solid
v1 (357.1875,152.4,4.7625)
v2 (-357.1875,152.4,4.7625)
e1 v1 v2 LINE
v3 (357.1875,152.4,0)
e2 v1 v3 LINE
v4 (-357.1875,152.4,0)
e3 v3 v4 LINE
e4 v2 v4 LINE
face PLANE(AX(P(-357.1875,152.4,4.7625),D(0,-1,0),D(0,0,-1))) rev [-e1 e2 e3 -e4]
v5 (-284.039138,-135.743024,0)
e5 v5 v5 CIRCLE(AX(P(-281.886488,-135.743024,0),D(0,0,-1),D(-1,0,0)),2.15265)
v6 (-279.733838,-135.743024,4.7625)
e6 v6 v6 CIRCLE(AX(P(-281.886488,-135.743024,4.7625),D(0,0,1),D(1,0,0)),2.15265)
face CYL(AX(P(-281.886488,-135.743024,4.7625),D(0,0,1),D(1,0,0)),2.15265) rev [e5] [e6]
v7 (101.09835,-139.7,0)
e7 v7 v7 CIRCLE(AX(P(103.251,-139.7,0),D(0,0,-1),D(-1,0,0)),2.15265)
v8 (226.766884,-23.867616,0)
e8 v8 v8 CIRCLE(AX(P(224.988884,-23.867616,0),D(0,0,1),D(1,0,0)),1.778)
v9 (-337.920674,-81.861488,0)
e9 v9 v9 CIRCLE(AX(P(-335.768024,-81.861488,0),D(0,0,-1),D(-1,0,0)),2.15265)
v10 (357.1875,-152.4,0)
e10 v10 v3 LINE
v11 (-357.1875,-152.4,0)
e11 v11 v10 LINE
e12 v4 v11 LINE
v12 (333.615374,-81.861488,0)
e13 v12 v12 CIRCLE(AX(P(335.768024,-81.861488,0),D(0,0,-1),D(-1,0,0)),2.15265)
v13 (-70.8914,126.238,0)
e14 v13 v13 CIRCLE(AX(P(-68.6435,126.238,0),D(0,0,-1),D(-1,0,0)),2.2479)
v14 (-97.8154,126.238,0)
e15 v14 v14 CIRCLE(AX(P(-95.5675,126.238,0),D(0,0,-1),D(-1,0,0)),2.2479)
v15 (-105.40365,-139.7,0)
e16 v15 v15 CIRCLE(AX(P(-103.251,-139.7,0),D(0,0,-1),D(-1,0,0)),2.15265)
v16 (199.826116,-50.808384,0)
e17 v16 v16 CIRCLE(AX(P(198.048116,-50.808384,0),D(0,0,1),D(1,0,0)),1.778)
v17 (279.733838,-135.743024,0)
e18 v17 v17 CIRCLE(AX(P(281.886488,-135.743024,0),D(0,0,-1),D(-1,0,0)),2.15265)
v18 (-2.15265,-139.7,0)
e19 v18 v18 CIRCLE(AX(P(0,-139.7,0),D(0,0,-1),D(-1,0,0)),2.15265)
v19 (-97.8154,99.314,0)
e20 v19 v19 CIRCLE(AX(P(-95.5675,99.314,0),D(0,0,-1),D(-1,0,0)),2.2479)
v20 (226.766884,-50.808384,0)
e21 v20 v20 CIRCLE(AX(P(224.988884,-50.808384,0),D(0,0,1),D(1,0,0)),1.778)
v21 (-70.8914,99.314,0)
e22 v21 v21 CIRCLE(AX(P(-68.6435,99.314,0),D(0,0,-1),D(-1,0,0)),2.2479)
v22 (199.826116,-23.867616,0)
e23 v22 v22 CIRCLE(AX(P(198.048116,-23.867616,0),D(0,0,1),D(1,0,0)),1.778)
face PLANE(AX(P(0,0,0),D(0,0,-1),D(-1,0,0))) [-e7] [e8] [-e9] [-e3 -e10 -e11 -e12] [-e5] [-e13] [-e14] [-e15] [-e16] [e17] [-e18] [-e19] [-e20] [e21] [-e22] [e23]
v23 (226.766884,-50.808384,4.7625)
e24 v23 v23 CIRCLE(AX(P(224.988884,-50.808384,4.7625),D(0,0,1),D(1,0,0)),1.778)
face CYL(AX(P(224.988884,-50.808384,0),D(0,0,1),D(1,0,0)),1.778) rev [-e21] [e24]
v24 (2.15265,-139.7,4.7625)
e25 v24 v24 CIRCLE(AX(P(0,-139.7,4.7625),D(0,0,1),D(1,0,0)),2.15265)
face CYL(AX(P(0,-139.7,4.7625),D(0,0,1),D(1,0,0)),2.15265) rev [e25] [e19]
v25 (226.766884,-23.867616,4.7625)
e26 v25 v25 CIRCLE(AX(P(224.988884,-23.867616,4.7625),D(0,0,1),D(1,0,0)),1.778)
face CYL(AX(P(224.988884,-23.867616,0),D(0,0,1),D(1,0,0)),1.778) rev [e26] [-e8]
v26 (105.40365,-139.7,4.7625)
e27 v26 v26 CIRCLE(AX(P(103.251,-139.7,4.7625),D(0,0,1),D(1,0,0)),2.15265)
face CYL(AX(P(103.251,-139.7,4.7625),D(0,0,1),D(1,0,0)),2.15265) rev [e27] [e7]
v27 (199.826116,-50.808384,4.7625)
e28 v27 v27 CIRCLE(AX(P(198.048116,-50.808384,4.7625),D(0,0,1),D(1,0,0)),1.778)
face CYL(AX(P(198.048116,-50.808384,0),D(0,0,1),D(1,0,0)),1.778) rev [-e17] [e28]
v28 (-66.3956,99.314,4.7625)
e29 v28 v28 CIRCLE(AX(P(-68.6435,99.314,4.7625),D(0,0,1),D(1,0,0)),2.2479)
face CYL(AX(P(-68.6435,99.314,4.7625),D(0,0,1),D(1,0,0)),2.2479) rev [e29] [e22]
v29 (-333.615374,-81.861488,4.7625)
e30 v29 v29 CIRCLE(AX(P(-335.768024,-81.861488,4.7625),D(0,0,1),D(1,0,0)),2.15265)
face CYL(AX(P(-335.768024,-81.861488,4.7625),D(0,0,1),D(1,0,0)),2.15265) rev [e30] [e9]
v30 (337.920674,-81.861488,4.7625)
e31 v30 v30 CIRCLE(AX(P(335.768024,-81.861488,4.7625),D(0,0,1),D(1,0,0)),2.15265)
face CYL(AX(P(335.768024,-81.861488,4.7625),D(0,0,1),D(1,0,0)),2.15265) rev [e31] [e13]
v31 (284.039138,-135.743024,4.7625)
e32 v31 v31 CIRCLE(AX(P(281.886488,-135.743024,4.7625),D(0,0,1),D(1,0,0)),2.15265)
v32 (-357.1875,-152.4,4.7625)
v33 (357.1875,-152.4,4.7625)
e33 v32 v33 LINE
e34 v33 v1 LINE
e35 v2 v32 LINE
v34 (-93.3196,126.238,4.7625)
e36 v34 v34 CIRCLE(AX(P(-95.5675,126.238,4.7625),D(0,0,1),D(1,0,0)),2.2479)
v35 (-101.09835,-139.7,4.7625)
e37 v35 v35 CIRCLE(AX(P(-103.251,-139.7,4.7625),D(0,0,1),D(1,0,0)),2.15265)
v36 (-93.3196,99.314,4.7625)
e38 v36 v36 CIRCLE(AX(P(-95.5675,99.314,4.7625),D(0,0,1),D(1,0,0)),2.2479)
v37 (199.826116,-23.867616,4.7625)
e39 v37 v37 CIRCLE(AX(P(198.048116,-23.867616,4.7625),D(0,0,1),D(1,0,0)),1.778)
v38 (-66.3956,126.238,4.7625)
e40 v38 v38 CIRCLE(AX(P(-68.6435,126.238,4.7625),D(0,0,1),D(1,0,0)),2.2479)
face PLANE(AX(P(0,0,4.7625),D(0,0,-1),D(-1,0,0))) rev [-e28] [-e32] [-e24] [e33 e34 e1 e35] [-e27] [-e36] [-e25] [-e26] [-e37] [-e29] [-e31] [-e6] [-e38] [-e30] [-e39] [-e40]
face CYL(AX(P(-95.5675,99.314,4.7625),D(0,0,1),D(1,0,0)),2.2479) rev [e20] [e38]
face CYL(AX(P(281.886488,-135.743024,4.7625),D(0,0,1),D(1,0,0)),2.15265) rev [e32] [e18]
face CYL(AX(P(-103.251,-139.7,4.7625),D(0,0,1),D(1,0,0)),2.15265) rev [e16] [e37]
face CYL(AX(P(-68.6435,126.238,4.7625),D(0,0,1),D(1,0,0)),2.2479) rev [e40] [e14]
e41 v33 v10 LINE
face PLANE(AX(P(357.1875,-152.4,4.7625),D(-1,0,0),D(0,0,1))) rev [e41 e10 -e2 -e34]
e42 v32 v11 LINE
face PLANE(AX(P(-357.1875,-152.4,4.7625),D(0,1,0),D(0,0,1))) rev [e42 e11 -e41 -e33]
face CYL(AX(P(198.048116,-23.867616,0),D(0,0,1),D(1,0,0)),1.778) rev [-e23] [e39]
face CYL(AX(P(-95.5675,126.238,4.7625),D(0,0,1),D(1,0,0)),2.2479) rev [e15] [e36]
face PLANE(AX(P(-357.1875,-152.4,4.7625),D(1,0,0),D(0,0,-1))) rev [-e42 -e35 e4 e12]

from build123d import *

# Parameters (mm, degrees)
SKETCH1_W                 = 714.375
SKETCH1_H                 = 304.8
BOSS_EXTRUDE1_DEPTH       = 4.7625
CUT_EXTRUDE3_DEPTH        = 5.7625
CUT_EXTRUDE4_REACH        = 6.763
SKETCH5_R                 = 2.15265
BOSS_EXTRUDE2_START       = -638.8354
SKETCH7_W                 = 4.7625
SKETCH7_H                 = 304.8
BOSS_EXTRUDE2_DEPTH       = 563.2958
F_8_CLEARANCE_HOLE1_D     = 4.3053
F_8_CLEARANCE_HOLE1_DEPTH = 74.422
F_8_CLEARANCE_HOLE1_TIP   = 1.293442612
F_8_CLEARANCE_HOLE2_D     = 4.3053
F_8_CLEARANCE_HOLE2_DEPTH = 74.422
F_8_CLEARANCE_HOLE2_TIP   = 1.293442612
F_8_CLEARANCE_HOLE3_D     = 4.4958
F_8_CLEARANCE_HOLE3_DEPTH = 74.422
F_8_CLEARANCE_HOLE3_TIP   = 1.350674586
SKETCH16_R                = 1.778
CUT_EXTRUDE5_DEPTH        = 4.7625


with BuildPart() as part:
    # Sketch1 → Boss-Extrude1 (new body)
    with BuildSketch(Plane.XY):
        Rectangle(SKETCH1_W, SKETCH1_H)
    extrude(amount=BOSS_EXTRUDE1_DEPTH)

    # Sketch4 → Cut-Extrude3 (cut, through all)
    with BuildSketch(Plane.XY.offset(4.7625)):
        with BuildLine():
            Line((277.1521, 103.505), (277.1521, 112.395))
            ThreePointArc((277.1521, 112.395), (279.4, 114.6429), (281.6479, 112.395))
            Line((281.6479, 112.395), (281.6479, 103.505))
            ThreePointArc((281.6479, 103.505), (279.4, 101.2571), (277.1521, 103.505))
        make_face()
        with BuildLine():
            Line((-277.1521, 103.505), (-277.1521, 112.395))
            ThreePointArc((-277.1521, 112.395), (-279.4, 114.6429), (-281.6479, 112.395))
            Line((-281.6479, 112.395), (-281.6479, 103.505))
            ThreePointArc((-281.6479, 103.505), (-279.4, 101.2571), (-277.1521, 103.505))
        make_face()
    extrude(amount=-CUT_EXTRUDE3_DEPTH, mode=Mode.SUBTRACT)

    # Sketch5 → Cut-Extrude4 (cut, up to next)
    with BuildSketch(Plane.XY.offset(4.7625), mode=Mode.PRIVATE) as cut_extrude4_sk1:
        with Locations((-127, -120.65)):
            Circle(SKETCH5_R)
    cut_extrude4_tool1 = extrude(cut_extrude4_sk1.sketch, amount=-CUT_EXTRUDE4_REACH, mode=Mode.PRIVATE) & part.part
    add(cut_extrude4_tool1.solids().sort_by_distance((-127, -120.65, 4.7625))[0], mode=Mode.SUBTRACT)
    # Sketch5 → Cut-Extrude4 (cut, up to next)
    with BuildSketch(Plane.XY.offset(4.7625), mode=Mode.PRIVATE) as cut_extrude4_sk2:
        with Locations((-215.9, -120.65)):
            Circle(SKETCH5_R)
    cut_extrude4_tool2 = extrude(cut_extrude4_sk2.sketch, amount=-CUT_EXTRUDE4_REACH, mode=Mode.PRIVATE) & part.part
    add(cut_extrude4_tool2.solids().sort_by_distance((-215.9, -120.65, 4.7625))[0], mode=Mode.SUBTRACT)
    # Sketch5 → Cut-Extrude4 (cut, up to next)
    with BuildSketch(Plane.XY.offset(4.7625), mode=Mode.PRIVATE) as cut_extrude4_sk3:
        with Locations((215.9, -120.65)):
            Circle(SKETCH5_R)
    cut_extrude4_tool3 = extrude(cut_extrude4_sk3.sketch, amount=-CUT_EXTRUDE4_REACH, mode=Mode.PRIVATE) & part.part
    add(cut_extrude4_tool3.solids().sort_by_distance((215.9, -120.65, 4.7625))[0], mode=Mode.SUBTRACT)
    # Sketch5 → Cut-Extrude4 (cut, up to next)
    with BuildSketch(Plane.XY.offset(4.7625), mode=Mode.PRIVATE) as cut_extrude4_sk4:
        with Locations((127, -120.65)):
            Circle(SKETCH5_R)
    cut_extrude4_tool4 = extrude(cut_extrude4_sk4.sketch, amount=-CUT_EXTRUDE4_REACH, mode=Mode.PRIVATE) & part.part
    add(cut_extrude4_tool4.solids().sort_by_distance((127, -120.65, 4.7625))[0], mode=Mode.SUBTRACT)

    # Sketch7 → Boss-Extrude2 (add)
    with BuildSketch(Plane(origin=(357.1875, 0, 0), x_dir=(0, 0, -1), z_dir=(1, 0, 0)).offset(BOSS_EXTRUDE2_START)):
        with Locations((-2.38125, 0)):
            Rectangle(SKETCH7_W, SKETCH7_H)
    extrude(amount=BOSS_EXTRUDE2_DEPTH)

    # #8 Clearance Hole1
    with Locations(Plane.XY.offset(4.7625)):
        with Locations((-335.768024484, -81.861487758), (-281.886487758, -135.743024484), (281.886487758, -135.743024484), (335.768024484, -81.861487758)):
            Hole(F_8_CLEARANCE_HOLE1_D / 2, depth=F_8_CLEARANCE_HOLE1_DEPTH)
            with Locations((0, 0, -(F_8_CLEARANCE_HOLE1_DEPTH + F_8_CLEARANCE_HOLE1_TIP / 2))):  # 118° drill point
                Cone(0, F_8_CLEARANCE_HOLE1_D / 2, F_8_CLEARANCE_HOLE1_TIP, mode=Mode.SUBTRACT)

    # #8 Clearance Hole2
    with Locations(Plane.XY.offset(4.7625)):
        with Locations((-103.251, -139.7), (0, -139.7), (103.251, -139.7)):
            Hole(F_8_CLEARANCE_HOLE2_D / 2, depth=F_8_CLEARANCE_HOLE2_DEPTH)
            with Locations((0, 0, -(F_8_CLEARANCE_HOLE2_DEPTH + F_8_CLEARANCE_HOLE2_TIP / 2))):  # 118° drill point
                Cone(0, F_8_CLEARANCE_HOLE2_D / 2, F_8_CLEARANCE_HOLE2_TIP, mode=Mode.SUBTRACT)

    # #8 Clearance Hole3
    with Locations(Plane.XY.offset(4.7625)):
        with Locations((-95.5675, 126.238), (-68.6435, 126.238), (-95.5675, 99.314), (-68.6435, 99.314)):
            Hole(F_8_CLEARANCE_HOLE3_D / 2, depth=F_8_CLEARANCE_HOLE3_DEPTH)
            with Locations((0, 0, -(F_8_CLEARANCE_HOLE3_DEPTH + F_8_CLEARANCE_HOLE3_TIP / 2))):  # 118° drill point
                Cone(0, F_8_CLEARANCE_HOLE3_D / 2, F_8_CLEARANCE_HOLE3_TIP, mode=Mode.SUBTRACT)

    # Sketch16 → Cut-Extrude5 (cut)
    with BuildSketch(Plane.XY.offset(4.7625)):
        with Locations((198.048115818, -23.867615818)):
            Circle(SKETCH16_R)
        with Locations((224.988884182, -23.867615818)):
            Circle(SKETCH16_R)
        with Locations((224.988884182, -50.808384182)):
            Circle(SKETCH16_R)
        with Locations((198.048115818, -50.808384182)):
            Circle(SKETCH16_R)
    extrude(amount=-CUT_EXTRUDE5_DEPTH, mode=Mode.SUBTRACT)


solid = part.part
